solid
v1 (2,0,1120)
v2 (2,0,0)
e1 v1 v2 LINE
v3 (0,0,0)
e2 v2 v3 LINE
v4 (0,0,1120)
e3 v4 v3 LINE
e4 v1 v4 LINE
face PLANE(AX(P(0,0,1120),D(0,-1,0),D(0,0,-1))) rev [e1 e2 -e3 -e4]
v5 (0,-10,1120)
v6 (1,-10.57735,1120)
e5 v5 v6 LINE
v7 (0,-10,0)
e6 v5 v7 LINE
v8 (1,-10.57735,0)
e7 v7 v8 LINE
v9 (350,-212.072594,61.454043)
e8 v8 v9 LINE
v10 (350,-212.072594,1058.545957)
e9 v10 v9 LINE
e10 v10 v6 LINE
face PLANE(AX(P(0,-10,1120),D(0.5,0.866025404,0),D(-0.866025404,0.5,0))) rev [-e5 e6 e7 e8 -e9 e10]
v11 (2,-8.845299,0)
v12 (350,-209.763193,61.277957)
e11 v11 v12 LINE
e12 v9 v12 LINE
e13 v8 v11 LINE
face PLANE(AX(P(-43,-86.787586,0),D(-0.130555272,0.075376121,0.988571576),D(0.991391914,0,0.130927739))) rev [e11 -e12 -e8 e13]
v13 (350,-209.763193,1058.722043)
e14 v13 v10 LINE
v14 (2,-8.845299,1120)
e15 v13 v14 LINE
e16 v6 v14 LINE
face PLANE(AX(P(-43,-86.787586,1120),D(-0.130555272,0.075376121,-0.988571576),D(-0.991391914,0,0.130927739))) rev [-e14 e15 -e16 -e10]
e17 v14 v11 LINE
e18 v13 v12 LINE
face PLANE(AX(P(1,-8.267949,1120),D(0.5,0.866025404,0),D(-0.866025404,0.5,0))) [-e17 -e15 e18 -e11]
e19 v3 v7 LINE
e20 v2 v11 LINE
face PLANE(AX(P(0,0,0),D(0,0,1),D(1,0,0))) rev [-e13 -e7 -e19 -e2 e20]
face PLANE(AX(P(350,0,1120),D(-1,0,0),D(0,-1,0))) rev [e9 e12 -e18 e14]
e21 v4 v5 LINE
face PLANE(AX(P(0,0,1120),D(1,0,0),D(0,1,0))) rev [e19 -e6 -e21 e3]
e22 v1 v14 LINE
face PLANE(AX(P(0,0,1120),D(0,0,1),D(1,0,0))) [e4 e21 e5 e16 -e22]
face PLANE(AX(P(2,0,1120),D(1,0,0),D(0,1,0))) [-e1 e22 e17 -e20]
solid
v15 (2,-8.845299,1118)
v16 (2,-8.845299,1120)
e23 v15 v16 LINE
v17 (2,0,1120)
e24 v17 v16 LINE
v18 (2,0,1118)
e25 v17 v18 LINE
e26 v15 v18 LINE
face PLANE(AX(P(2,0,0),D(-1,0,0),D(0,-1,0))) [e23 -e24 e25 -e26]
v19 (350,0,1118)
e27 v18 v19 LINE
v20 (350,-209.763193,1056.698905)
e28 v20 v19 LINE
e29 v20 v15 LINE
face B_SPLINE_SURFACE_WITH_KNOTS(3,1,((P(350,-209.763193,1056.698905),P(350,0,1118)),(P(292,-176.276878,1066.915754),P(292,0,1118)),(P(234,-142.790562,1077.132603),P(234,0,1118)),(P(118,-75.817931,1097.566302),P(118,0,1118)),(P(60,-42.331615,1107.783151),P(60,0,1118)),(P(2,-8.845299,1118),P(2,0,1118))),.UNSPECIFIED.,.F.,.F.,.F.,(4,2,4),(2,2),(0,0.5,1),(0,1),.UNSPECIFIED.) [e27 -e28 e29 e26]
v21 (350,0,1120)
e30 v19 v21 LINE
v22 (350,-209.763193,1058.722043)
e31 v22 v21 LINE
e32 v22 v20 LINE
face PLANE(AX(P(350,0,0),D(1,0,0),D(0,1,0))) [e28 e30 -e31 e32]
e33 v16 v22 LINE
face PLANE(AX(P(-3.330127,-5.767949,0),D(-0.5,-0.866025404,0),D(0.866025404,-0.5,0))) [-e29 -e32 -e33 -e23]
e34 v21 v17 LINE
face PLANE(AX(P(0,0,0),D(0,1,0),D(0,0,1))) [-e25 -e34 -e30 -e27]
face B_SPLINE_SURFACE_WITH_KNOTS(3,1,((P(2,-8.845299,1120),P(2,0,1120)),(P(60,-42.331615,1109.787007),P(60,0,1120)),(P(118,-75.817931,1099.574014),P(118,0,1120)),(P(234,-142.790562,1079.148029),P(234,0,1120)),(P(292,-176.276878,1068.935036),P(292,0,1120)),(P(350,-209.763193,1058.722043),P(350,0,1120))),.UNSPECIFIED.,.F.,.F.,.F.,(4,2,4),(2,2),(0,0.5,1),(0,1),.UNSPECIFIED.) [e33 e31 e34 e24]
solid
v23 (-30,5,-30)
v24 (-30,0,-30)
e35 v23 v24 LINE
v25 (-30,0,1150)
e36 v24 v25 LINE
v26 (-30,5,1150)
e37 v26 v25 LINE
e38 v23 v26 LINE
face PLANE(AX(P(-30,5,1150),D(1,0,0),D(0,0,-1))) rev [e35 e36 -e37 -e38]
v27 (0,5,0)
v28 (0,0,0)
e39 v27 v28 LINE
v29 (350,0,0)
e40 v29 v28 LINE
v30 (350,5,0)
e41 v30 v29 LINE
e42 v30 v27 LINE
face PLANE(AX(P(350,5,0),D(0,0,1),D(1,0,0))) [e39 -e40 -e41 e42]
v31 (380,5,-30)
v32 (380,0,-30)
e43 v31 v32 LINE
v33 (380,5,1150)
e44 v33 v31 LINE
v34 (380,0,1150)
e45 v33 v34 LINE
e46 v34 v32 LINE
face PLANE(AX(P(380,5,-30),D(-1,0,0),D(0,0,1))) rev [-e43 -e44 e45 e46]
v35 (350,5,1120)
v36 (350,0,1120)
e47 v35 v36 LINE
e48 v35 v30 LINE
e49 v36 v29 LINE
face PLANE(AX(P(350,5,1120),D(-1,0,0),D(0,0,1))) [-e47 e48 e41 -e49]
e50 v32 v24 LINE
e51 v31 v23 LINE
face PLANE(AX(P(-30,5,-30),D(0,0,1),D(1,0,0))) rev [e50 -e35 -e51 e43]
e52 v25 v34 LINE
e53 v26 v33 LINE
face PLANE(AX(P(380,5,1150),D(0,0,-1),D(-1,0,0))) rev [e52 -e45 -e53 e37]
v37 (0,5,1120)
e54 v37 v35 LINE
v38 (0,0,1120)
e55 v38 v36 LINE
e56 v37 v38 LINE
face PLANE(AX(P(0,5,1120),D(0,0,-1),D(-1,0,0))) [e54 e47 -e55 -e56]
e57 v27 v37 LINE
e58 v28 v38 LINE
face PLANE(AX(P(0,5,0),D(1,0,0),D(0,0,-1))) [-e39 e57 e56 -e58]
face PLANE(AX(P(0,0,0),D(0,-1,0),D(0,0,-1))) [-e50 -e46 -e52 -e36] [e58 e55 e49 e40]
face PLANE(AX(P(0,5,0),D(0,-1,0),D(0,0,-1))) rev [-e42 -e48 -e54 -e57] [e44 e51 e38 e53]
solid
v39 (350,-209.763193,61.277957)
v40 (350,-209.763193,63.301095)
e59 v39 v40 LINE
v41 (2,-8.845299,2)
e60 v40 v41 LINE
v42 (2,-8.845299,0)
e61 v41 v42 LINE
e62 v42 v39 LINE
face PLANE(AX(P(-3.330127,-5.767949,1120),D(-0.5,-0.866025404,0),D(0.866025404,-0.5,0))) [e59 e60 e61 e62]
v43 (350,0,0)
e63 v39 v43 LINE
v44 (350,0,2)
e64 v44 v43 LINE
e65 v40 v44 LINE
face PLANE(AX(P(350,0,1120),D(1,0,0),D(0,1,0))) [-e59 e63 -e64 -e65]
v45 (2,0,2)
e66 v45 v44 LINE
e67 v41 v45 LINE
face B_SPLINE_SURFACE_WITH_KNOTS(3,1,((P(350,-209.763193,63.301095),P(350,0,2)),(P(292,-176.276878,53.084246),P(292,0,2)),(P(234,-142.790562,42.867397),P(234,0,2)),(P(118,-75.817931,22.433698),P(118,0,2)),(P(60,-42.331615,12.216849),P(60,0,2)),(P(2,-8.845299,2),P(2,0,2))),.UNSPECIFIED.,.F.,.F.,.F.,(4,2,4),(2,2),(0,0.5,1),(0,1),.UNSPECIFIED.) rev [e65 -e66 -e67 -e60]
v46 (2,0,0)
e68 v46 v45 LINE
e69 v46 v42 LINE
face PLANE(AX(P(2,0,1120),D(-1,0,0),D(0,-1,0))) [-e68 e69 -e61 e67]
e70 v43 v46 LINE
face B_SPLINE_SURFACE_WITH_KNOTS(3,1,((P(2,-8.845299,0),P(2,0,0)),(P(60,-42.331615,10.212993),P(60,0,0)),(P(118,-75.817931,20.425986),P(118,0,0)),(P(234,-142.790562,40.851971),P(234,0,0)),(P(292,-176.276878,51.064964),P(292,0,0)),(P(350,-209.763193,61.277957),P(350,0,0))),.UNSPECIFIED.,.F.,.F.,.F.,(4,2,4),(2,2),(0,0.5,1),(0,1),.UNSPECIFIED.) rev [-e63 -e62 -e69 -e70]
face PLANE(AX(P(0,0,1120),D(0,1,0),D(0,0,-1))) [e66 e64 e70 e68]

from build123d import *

# Parameters (mm, degrees)
DODANIE_WYCI_GNI_CIE1_DEPTH = 1120
SZKIC3_W                    = 410
SZKIC3_H                    = 1180
SZKIC3_W_2                  = 350
SZKIC3_H_2                  = 1120
DODANIE_WYCI_GNI_CIE2_DEPTH = 5
SKORUPA3_T                  = -2
WYTNIJ_WYCI_GNI_CIE1_DEPTH  = 90
SZKIC6_W                    = 348
SZKIC6_H                    = 2


with BuildPart() as part:
    # Szkic1 → Dodanie-wyciągnięcie1 (new body)
    with BuildSketch(Plane.XY):
        Polygon((0, 0), (350, 0), (350, -212.072594216), (0, -10), align=None)
    extrude(amount=DODANIE_WYCI_GNI_CIE1_DEPTH)

    # Skorupa3
    skorupa3_openings = [part.faces().sort_by_distance(p)[0] for p in [
        (228.07979599, -70.840965806, 1120),
        (228.07979599, -70.840965806, 0),
        (175, 0, 560),
        (350, -106.036297108, 560),
    ]]
    offset(amount=SKORUPA3_T, openings=skorupa3_openings, kind=Kind.INTERSECTION)

    # Szkic5 → Wytnij-wyciągnięcie1 (cut)
    with BuildSketch(Plane(origin=(-3.330127019, -5.767949192, 0), x_dir=(0.866025404, -0.5, 0), z_dir=(0.5, 0.866025404, 0))):
        Polygon((6.154700538, 0), (611.603832343, -92.327977863), (616.29746701, 26.332973574), (500.046687134, 176.768653302), align=None)
        Polygon((6.154700538, -1120), (574.381771599, -1033.348201059), (567.57139083, -1205.52313986), (177.827516191, -1478.396489856), align=None)
    extrude(amount=-WYTNIJ_WYCI_GNI_CIE1_DEPTH, mode=Mode.SUBTRACT)


with BuildPart() as body_2:
    # Szkic3 → Dodanie-wyciągnięcie2 (new body)
    with BuildSketch(Plane(origin=(0, 0, 0), x_dir=(1, 0, 0), z_dir=(0, 1, 0))):
        with Locations((175, -560)):
            Rectangle(SZKIC3_W, SZKIC3_H)
        with Locations((175, -560)):
            Rectangle(SZKIC3_W_2, SZKIC3_H_2, mode=Mode.SUBTRACT)
    extrude(amount=DODANIE_WYCI_GNI_CIE2_DEPTH)


with BuildPart() as body_3:
    # Szkic7 → Wyciągnięcie po profilach2 section 0
    with BuildSketch(Plane(origin=(-3.330127019, -5.767949192, 0), x_dir=(0.866025404, -0.5, 0), z_dir=(0.5, 0.866025404, 0))):
        Polygon((6.154700538, -1120), (407.990487894, -1058.722043305), (407.990487894, -1056.698904856), (6.154700538, -1118), align=None)
    # Szkic6 → Wyciągnięcie po profilach2 section 1
    with BuildSketch(Plane.XZ):
        with Locations((176, 1119)):
            Rectangle(SZKIC6_W, SZKIC6_H)
    loft()


with BuildPart() as body_4:
    # Lustro1: mirrored copy
    add(body_3.part.mirror(Plane(origin=(0, 0, 560), x_dir=(1, 0, 0), z_dir=(0, 0, -1))))


solid = Compound([part.part, body_2.part, body_3.part, body_4.part])
